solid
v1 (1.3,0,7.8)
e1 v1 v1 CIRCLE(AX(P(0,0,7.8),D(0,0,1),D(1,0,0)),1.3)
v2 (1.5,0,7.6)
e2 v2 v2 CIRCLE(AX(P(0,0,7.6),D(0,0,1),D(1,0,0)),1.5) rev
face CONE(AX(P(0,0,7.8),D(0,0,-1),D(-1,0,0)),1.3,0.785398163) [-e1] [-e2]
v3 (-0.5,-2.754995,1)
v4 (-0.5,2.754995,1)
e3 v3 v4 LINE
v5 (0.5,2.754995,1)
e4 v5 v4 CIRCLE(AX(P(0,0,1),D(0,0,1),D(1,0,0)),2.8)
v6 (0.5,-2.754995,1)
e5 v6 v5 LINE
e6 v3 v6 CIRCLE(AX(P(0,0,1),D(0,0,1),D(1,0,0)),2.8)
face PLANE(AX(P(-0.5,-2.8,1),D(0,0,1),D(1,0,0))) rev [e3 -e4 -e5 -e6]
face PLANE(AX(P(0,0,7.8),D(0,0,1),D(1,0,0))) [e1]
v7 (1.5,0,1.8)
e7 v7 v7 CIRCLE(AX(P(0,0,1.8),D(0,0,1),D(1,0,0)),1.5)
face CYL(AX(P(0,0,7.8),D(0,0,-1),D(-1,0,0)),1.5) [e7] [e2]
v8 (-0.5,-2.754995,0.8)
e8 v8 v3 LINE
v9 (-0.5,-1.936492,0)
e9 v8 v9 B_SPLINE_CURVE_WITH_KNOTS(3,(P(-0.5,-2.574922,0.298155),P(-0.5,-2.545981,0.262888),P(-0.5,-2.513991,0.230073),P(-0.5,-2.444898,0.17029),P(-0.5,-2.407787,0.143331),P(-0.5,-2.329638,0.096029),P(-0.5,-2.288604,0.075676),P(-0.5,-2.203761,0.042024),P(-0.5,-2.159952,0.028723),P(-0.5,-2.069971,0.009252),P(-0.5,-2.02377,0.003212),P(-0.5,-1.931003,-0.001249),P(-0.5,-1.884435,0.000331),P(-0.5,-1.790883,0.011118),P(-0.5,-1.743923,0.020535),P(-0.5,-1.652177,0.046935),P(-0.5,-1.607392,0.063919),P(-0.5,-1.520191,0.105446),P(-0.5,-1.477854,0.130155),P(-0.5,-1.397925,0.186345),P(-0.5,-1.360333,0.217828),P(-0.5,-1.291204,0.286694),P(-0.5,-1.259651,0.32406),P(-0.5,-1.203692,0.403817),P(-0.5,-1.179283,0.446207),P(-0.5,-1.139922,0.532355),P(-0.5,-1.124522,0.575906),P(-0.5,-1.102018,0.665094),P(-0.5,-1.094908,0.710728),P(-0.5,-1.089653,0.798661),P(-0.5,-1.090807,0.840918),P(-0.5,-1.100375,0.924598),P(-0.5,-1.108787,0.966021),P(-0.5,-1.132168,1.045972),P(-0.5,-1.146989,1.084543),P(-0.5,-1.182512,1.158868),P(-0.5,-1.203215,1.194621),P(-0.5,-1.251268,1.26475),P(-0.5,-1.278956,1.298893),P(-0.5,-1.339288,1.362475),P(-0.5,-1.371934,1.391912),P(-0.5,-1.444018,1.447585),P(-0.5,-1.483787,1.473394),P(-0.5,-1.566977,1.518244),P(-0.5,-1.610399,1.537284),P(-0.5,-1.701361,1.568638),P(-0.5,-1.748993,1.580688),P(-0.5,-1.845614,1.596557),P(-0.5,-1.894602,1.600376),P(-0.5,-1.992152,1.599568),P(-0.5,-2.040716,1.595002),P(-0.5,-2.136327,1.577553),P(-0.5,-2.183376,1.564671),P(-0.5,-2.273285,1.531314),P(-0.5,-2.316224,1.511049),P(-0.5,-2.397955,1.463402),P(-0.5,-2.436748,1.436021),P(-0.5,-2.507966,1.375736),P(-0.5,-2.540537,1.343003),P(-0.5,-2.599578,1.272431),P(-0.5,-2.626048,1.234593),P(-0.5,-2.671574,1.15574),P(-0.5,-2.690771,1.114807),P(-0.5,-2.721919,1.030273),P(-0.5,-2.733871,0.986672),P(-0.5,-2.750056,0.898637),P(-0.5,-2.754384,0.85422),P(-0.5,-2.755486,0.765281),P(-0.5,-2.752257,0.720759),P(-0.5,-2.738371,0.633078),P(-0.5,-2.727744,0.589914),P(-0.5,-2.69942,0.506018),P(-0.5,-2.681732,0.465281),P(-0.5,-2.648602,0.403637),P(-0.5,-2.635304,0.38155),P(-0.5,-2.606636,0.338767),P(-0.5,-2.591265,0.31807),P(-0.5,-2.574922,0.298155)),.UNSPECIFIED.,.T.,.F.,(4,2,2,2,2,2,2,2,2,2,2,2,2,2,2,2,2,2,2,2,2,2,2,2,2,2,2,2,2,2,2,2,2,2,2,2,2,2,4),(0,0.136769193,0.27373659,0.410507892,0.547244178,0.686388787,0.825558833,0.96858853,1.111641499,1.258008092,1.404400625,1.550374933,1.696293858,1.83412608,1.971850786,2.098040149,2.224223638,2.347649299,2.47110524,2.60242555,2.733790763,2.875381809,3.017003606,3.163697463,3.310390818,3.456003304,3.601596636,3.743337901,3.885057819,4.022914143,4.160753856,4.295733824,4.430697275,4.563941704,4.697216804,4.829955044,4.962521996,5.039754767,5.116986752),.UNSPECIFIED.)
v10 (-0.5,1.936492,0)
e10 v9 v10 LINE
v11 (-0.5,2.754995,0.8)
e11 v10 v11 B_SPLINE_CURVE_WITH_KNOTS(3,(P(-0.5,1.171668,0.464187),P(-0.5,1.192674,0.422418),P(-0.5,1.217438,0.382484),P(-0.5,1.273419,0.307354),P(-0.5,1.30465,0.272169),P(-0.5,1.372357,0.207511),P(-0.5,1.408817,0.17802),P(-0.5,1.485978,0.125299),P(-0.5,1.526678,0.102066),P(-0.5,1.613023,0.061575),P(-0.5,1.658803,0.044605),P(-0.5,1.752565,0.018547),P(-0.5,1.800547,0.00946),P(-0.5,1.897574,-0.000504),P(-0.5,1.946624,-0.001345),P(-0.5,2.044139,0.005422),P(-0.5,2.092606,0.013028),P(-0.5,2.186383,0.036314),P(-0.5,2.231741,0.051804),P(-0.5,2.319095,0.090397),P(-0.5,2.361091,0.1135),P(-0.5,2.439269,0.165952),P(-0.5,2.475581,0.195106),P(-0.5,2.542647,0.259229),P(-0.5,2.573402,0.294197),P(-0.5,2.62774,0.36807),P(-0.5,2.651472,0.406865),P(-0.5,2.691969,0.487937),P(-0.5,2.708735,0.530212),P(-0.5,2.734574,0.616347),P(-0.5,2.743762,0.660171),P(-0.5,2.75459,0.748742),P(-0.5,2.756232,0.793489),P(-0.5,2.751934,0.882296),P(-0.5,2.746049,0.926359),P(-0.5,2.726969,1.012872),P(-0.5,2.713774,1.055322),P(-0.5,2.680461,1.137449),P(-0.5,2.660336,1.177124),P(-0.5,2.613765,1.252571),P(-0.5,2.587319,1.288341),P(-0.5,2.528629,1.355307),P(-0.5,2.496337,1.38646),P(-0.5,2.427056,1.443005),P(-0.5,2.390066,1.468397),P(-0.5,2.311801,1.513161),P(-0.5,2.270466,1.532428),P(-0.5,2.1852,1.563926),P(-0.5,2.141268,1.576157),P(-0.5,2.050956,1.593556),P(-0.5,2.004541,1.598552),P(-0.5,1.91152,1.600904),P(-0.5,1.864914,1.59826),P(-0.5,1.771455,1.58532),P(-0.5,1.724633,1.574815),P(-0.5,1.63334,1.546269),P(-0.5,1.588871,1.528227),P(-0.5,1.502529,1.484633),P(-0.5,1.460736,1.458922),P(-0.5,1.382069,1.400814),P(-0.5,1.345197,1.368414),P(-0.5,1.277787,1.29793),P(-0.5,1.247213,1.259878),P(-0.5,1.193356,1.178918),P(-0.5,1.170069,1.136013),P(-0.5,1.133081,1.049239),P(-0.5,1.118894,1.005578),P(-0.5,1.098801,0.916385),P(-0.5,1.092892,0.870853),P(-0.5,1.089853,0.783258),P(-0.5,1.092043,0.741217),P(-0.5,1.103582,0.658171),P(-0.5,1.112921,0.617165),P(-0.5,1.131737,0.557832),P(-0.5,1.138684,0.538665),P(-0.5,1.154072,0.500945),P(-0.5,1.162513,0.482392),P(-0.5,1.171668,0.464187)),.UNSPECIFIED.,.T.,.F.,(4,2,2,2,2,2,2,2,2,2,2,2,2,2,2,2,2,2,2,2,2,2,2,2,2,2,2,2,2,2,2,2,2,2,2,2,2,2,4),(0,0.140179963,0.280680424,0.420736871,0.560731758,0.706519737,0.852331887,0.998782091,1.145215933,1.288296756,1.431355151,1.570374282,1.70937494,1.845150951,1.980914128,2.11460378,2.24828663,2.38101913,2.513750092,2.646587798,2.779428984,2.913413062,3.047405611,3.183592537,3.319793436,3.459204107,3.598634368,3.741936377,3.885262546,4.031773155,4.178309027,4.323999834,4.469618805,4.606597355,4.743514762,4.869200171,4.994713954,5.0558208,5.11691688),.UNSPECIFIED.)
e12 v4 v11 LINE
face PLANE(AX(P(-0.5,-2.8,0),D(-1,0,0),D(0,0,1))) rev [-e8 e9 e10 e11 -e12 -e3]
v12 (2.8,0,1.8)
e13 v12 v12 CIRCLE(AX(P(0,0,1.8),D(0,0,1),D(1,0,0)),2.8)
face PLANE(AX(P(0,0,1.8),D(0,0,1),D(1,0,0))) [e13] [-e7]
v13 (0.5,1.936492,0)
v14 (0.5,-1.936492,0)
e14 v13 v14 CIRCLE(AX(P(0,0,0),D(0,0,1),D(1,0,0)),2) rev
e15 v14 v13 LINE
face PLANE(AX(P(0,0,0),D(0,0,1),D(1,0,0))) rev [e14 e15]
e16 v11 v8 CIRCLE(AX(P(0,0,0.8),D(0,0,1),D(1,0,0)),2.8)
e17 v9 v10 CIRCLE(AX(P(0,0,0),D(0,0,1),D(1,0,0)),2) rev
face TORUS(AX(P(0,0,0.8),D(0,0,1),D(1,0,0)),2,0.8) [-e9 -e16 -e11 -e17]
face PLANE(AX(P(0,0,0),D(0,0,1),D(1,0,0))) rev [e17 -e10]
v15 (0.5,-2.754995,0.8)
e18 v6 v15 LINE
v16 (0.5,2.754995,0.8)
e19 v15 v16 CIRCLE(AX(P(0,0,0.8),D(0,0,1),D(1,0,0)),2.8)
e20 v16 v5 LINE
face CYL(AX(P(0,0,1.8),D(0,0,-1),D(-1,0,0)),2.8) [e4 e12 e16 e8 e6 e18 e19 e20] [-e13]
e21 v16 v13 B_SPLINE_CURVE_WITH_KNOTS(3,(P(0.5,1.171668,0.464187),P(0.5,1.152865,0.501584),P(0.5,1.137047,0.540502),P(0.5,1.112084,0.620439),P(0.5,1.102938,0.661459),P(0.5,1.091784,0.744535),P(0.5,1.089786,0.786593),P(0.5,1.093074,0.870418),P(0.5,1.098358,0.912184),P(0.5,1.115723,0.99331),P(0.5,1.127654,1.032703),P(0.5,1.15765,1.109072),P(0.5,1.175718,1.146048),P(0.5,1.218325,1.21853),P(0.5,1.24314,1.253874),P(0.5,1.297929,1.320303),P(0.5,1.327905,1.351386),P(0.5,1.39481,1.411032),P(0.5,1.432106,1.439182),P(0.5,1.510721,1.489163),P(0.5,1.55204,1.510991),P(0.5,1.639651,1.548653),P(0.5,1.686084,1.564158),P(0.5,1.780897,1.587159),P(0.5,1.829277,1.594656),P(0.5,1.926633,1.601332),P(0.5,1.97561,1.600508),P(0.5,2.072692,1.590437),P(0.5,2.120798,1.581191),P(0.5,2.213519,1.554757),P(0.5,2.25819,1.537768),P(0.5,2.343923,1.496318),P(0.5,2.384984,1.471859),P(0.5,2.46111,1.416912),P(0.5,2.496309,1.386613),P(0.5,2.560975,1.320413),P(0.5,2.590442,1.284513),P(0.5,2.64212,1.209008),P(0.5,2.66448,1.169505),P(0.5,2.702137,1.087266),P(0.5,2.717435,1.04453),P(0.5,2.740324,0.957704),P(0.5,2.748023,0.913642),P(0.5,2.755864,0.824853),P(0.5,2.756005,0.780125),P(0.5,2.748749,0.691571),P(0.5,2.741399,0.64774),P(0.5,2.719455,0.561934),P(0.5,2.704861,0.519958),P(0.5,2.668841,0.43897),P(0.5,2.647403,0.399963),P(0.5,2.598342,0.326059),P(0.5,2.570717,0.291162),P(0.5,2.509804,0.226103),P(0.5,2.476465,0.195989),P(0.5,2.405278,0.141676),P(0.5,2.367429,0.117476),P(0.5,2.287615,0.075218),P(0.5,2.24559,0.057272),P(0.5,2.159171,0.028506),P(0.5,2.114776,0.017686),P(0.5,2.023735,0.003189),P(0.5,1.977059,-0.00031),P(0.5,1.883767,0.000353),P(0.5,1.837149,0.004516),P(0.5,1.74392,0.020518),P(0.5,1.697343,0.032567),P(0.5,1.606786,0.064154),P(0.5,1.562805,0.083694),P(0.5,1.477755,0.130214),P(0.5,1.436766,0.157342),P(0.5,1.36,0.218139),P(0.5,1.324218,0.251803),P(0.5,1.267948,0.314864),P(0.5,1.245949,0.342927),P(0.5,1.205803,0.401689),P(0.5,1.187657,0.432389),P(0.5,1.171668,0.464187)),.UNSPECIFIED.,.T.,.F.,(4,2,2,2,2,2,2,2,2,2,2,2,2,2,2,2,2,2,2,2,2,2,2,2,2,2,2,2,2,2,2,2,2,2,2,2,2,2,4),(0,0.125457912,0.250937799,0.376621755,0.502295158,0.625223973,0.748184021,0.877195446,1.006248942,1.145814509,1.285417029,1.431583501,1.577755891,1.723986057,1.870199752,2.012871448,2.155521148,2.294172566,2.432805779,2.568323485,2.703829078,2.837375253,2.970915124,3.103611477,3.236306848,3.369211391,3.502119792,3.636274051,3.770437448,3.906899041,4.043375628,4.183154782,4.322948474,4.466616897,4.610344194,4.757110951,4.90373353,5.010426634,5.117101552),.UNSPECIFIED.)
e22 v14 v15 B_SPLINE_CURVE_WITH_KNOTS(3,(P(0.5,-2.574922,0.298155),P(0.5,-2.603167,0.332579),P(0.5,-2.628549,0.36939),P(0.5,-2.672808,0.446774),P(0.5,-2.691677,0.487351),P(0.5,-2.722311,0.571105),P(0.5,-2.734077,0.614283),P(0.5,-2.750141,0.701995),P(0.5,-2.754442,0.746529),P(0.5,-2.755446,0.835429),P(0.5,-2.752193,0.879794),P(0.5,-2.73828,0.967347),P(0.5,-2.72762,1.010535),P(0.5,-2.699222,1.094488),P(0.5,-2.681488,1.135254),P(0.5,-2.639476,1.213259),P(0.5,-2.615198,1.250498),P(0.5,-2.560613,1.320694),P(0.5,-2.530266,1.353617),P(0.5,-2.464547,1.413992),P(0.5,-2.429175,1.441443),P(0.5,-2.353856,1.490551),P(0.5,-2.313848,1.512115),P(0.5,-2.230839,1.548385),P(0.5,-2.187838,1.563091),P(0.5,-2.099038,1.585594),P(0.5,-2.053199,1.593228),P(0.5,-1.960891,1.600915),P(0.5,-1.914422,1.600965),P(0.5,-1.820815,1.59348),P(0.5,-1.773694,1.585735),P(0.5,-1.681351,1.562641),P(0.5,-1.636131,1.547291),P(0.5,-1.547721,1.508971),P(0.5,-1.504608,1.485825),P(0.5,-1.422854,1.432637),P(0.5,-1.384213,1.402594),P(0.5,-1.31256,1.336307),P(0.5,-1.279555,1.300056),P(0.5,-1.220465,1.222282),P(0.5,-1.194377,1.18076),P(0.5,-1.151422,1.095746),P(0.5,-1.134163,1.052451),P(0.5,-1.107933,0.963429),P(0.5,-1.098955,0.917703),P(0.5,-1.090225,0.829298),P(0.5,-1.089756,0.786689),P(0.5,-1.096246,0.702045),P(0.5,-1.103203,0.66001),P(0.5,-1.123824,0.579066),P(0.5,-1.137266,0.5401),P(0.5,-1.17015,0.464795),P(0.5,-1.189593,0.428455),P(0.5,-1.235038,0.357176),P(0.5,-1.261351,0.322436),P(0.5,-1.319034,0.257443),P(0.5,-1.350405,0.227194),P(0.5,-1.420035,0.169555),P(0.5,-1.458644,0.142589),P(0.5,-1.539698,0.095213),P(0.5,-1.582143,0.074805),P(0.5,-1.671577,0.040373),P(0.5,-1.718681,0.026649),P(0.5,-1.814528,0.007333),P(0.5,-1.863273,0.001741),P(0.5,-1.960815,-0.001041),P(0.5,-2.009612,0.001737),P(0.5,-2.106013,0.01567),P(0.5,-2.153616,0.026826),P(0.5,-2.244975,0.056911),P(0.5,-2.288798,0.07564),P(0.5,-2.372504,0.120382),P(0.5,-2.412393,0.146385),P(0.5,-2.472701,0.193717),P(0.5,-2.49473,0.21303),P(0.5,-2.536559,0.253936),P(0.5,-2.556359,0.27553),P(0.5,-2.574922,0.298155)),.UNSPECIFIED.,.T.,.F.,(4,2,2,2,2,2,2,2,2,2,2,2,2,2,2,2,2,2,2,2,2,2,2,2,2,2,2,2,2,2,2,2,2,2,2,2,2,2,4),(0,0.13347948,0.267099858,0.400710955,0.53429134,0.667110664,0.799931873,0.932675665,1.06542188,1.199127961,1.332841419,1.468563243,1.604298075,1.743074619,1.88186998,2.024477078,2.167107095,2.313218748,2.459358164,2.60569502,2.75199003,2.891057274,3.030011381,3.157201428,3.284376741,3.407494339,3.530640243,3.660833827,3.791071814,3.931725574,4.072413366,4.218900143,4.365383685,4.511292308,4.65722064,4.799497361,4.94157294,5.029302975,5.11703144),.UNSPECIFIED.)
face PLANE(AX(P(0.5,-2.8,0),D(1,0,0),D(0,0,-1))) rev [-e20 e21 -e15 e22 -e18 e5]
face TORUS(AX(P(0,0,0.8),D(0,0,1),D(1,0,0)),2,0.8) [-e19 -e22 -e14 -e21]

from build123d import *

# Parameters (mm, degrees)
ESQUISSE1_R                  = 2.8
BASE_EXTRUSION_DEPTH         = 1.8
CONG_1_R                     = 0.8
ESQUISSE2_R                  = 1.5
BOSS_EXTRU_1_DEPTH           = 6
CHANFREIN1_SIZE              = 0.2
ESQUISSE3_W                  = 1
ESQUISSE3_H                  = 1
ENL_V_MAT_EXTRU_1_DEPTH      = 3.8000001
ENL_V_MAT_EXTRU_1_DEPTH_BACK = 3.8


with BuildPart() as part:
    # Esquisse1 → Base-Extrusion (new body)
    with BuildSketch(Plane.XY):
        Circle(ESQUISSE1_R)
    extrude(amount=BASE_EXTRUSION_DEPTH)

    # Cong_1
    cong_1_edges = [part.edges().sort_by_distance(p)[0] for p in [
        (-2.8, 0, 0),
    ]]
    fillet(cong_1_edges, radius=CONG_1_R)

    # Esquisse2 → Boss.-Extru.1 (add)
    with BuildSketch(Plane.XY.offset(1.8)):
        Circle(ESQUISSE2_R)
    extrude(amount=BOSS_EXTRU_1_DEPTH)

    # Chanfrein1
    chanfrein1_edges = [part.edges().sort_by_distance(p)[0] for p in [
        (-1.5, 0, 7.8),
    ]]
    chamfer(chanfrein1_edges, length=CHANFREIN1_SIZE)

    # Esquisse3 → Enl_v. mat.-Extru.1 (cut, two sides)
    with BuildSketch(Plane(origin=(0, 0, 0), x_dir=(1, 0, 0), z_dir=(0, 1, 0))) as enl_v_mat_extru_1_sk:
        with Locations((0, -0.5)):
            Rectangle(ESQUISSE3_W, ESQUISSE3_H)
    extrude(amount=ENL_V_MAT_EXTRU_1_DEPTH, mode=Mode.SUBTRACT)
    extrude(enl_v_mat_extru_1_sk.sketch, amount=-ENL_V_MAT_EXTRU_1_DEPTH_BACK, mode=Mode.SUBTRACT)


solid = part.part
